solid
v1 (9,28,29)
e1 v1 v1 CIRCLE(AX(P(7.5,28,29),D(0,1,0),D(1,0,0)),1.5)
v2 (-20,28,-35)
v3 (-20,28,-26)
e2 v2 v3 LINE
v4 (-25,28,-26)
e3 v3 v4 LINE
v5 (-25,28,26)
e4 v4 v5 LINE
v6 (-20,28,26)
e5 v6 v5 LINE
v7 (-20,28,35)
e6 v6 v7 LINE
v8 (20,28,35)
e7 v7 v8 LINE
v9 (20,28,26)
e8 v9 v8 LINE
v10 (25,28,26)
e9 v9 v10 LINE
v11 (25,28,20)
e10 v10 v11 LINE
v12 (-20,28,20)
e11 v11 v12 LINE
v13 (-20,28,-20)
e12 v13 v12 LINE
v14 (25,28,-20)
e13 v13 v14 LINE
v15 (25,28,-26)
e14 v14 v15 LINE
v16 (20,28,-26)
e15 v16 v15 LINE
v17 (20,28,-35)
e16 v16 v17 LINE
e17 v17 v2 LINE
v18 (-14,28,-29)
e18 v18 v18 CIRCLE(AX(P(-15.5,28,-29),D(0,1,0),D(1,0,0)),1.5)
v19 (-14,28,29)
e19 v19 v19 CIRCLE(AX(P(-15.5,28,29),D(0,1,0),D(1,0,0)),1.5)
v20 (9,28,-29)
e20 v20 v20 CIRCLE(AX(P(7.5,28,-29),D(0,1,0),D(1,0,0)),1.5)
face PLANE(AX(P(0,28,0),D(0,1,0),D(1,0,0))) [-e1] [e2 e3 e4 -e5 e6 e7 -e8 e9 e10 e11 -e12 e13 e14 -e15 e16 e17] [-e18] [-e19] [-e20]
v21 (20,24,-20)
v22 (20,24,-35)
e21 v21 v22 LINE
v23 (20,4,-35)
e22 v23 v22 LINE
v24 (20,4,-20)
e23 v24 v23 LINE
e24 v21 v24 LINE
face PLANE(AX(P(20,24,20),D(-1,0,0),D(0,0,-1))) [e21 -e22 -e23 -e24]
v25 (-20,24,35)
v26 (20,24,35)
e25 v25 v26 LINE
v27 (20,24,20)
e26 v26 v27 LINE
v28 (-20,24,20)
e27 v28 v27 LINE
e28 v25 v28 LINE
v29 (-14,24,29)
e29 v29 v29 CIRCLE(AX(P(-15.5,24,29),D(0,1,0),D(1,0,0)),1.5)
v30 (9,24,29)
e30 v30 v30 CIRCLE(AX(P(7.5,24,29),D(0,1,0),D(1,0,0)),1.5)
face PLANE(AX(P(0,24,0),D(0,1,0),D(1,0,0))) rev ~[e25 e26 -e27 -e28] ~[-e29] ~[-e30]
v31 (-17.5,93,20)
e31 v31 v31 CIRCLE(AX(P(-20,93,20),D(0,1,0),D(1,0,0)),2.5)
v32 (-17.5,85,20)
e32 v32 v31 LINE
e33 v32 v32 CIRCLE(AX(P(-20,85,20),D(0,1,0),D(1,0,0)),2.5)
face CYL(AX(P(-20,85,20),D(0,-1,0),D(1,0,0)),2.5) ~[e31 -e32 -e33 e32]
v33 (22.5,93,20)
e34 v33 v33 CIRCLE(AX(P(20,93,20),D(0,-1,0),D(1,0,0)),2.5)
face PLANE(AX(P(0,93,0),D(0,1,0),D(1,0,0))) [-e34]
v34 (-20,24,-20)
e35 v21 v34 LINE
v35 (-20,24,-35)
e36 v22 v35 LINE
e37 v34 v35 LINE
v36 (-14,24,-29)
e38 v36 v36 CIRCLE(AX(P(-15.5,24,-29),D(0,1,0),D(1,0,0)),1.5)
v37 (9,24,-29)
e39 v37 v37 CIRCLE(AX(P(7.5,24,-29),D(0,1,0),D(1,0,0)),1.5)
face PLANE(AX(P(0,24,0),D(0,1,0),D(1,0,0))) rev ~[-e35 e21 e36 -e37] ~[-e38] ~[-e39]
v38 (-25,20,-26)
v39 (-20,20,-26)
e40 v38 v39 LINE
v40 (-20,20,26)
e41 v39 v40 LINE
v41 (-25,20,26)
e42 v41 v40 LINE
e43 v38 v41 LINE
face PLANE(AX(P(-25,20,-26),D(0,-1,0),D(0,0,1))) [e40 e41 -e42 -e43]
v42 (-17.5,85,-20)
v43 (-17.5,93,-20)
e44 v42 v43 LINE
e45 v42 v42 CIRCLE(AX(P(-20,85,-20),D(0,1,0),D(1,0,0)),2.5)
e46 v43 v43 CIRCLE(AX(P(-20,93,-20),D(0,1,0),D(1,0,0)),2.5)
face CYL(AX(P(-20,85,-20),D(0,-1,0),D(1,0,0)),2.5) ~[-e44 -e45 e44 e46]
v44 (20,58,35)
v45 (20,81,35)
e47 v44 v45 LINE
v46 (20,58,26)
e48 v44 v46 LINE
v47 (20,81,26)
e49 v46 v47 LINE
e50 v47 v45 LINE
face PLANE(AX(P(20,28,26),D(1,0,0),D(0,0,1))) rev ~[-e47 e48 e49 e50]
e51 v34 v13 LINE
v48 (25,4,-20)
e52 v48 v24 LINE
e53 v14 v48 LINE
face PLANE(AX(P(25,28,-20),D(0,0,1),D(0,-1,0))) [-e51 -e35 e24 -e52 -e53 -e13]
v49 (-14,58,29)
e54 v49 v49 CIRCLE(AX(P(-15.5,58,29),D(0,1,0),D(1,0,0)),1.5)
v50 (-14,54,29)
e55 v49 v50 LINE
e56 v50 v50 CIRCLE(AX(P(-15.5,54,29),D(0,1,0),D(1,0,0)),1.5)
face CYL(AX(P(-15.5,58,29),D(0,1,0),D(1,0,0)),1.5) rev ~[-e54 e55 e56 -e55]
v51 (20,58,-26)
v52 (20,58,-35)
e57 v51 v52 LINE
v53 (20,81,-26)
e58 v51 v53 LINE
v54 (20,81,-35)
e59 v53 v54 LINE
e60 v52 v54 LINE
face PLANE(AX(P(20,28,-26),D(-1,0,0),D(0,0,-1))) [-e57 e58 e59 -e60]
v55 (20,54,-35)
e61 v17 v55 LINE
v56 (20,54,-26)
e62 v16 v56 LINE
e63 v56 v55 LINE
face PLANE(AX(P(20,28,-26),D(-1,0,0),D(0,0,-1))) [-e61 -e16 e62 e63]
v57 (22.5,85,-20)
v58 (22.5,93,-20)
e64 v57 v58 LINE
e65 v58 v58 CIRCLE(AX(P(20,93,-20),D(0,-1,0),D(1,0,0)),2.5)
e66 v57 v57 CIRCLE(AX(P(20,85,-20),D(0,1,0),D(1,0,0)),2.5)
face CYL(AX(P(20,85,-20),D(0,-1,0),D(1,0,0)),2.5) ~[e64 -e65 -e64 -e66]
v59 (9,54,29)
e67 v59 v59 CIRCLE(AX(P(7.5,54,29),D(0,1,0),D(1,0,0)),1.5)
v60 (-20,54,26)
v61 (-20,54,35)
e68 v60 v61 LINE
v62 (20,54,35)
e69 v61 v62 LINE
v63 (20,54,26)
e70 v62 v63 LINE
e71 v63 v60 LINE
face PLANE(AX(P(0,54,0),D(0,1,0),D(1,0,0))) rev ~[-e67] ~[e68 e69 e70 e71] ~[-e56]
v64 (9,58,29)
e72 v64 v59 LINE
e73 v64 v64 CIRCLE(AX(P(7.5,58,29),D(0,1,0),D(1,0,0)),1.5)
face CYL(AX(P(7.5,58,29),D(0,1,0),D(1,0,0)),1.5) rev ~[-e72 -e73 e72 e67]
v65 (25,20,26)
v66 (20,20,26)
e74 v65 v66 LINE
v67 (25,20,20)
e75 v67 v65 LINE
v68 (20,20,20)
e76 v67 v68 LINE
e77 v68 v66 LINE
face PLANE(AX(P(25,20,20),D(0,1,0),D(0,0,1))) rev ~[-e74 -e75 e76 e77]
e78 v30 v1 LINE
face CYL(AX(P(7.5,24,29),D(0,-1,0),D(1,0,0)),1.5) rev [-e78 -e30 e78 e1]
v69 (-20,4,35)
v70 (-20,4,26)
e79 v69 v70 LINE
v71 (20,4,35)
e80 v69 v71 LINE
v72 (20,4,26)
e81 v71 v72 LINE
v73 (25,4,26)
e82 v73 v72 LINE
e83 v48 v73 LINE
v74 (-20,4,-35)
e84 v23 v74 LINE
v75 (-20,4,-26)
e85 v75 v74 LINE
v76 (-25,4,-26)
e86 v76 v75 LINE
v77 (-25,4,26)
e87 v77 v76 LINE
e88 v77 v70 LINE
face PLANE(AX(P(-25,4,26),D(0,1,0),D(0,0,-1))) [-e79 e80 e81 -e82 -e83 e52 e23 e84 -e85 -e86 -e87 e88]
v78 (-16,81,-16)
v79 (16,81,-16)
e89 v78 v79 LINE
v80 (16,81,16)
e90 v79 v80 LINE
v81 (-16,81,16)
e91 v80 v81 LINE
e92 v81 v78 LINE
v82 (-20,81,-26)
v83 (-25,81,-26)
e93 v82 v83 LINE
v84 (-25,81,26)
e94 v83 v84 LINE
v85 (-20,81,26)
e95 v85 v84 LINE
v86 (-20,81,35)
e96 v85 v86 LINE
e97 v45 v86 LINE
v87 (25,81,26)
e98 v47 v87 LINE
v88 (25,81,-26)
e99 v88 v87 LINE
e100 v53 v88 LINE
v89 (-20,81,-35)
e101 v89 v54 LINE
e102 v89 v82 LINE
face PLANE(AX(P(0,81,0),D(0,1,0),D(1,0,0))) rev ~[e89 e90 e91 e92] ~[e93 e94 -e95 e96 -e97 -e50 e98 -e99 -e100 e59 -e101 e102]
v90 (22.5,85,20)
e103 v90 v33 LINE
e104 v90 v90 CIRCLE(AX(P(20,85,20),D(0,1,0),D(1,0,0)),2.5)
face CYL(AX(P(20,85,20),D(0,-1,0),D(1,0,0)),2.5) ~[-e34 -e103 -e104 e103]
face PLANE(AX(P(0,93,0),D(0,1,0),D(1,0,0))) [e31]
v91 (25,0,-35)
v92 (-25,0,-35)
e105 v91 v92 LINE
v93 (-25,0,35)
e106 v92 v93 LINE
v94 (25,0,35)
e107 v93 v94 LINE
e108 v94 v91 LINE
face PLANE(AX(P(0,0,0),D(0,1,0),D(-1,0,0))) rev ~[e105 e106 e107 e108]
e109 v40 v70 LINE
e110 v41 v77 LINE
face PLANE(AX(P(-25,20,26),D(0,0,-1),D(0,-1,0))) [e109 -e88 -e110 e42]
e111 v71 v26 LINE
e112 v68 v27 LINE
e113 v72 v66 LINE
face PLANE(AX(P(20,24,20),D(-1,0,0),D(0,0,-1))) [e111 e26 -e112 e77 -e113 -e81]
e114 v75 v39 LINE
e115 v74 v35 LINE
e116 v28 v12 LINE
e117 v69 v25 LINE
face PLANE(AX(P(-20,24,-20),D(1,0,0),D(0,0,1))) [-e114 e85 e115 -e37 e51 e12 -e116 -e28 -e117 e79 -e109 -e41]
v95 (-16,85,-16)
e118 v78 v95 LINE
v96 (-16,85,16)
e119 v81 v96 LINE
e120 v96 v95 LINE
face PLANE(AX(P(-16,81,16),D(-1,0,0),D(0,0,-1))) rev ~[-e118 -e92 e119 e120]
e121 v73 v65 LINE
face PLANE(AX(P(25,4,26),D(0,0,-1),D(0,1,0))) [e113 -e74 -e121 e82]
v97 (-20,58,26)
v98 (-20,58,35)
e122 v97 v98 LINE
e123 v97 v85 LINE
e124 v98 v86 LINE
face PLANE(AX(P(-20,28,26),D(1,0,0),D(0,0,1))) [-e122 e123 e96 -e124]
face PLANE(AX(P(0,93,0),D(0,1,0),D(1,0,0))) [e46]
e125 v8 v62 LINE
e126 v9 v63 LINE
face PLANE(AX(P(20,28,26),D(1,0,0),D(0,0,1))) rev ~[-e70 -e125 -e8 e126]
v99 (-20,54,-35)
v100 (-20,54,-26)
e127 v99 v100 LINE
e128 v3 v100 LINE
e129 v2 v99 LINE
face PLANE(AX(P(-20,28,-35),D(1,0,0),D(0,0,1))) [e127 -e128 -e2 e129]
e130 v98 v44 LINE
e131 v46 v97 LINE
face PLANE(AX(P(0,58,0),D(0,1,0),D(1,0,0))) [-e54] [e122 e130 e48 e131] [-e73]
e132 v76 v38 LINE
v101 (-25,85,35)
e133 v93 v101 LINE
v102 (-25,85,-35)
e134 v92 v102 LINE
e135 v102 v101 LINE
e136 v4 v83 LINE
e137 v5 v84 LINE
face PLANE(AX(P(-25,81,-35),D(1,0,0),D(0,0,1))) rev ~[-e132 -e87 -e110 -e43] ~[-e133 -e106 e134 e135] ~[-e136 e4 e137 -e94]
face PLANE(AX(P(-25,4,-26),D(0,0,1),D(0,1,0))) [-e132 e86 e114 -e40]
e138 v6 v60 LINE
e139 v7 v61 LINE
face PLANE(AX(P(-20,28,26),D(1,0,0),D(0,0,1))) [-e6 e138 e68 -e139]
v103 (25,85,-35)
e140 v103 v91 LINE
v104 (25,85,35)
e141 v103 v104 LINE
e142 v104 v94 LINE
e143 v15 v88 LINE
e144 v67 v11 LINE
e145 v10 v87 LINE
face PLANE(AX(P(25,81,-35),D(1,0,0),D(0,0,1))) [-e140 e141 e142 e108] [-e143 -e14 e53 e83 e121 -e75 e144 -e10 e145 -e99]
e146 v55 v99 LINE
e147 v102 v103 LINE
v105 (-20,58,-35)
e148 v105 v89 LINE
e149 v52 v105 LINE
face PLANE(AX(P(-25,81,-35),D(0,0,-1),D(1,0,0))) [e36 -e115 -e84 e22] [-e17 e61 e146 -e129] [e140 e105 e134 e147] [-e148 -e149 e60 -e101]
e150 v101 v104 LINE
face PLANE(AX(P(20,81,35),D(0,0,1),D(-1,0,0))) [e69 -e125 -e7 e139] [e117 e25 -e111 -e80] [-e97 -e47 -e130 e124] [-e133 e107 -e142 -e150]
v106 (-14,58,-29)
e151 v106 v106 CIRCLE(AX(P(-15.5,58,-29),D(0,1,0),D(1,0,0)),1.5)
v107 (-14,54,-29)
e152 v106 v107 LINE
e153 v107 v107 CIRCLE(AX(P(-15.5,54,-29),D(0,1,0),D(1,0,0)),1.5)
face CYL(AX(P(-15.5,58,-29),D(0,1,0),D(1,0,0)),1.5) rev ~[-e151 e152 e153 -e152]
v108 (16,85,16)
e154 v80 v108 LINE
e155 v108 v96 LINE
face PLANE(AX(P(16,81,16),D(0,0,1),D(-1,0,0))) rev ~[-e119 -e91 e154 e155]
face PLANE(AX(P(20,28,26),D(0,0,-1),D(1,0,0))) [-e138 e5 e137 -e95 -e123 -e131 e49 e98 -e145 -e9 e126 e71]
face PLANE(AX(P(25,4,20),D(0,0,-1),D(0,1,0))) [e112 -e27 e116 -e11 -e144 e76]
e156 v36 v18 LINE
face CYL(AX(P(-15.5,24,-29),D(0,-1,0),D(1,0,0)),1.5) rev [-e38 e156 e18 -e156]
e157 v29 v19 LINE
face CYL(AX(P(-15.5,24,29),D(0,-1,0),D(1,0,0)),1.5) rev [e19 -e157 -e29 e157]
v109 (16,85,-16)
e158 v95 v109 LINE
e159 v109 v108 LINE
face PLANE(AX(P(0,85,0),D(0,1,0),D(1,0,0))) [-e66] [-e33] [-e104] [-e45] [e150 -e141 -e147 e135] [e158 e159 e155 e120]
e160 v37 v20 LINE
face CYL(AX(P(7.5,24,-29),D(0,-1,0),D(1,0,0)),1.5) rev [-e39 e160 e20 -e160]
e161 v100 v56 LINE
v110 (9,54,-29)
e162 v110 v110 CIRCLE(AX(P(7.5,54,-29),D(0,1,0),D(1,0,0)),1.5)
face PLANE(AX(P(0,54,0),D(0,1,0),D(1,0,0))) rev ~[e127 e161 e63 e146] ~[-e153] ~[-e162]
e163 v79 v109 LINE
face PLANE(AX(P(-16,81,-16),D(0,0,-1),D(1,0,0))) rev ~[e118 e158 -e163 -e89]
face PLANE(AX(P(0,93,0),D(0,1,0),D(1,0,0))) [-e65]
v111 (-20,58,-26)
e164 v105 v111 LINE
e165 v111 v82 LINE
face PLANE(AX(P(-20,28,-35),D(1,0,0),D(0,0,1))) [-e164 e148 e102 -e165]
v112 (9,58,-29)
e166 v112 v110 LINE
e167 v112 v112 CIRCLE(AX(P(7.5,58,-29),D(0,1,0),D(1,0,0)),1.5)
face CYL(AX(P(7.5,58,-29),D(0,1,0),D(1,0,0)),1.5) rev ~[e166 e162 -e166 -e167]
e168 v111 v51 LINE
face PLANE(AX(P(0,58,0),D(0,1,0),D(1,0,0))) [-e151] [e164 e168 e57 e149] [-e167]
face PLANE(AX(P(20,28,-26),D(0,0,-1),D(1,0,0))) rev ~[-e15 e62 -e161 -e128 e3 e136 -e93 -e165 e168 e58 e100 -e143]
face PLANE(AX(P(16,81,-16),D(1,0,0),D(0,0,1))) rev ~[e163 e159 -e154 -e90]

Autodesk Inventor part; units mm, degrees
ref_plane "YZ Plane" through (0, 0, 0) normal (1, 0, 0) x (0, 1, 0)
ref_plane "XZ Plane" through (0, 0, 0) normal (0, 1, 0) x (-1, 0, 0)
sketch "Sketch1" plane through (0, 0, 0) normal (0, 1, 0) x (-1, 0, 0)
  line L0 (25, 35) -> (-25, 35)
  line L1 (-25, 35) -> (-25, -35)
  line L2 (-25, -35) -> (25, -35)
  line L3 (25, -35) -> (25, 35)
  line L4 (25, 35) -> (-25, -35) construction
  line L5 (-25, 35) -> (25, -35) construction
  point P0 (0, 0)
  dimension "d0" = 50
  dimension "d1" = 70
extrude "Extrusion1" add sketch "Sketch1" along normal blind 4
sketch "Sketch2" plane through (0, 4, 0) normal (0, 1, 0) x (1, 0, 0)
  line L0 (25, -35) -> (25, 35) projected
  line L1 (25, 35) -> (-25, 35) projected
  line L2 (25, -35) -> (20, -35)
  line L3 (20, -35) -> (20, 35)
  line L4 (20, 35) -> (25, 35)
  line L5 (25, 35) -> (25, -35)
  line L6 (-25, 35) -> (-25, -35) projected
  line L7 (-25, -35) -> (-20, -35)
  line L8 (-20, -35) -> (-20, 35)
  line L9 (-20, 35) -> (-25, 35)
  line L10 (-25, 35) -> (-25, -35)
  point P0 (0, 0)
  dimension "d4" = 5
  dimension "d5" = 5
  dimension "d6" = 70
extrude "Extrusion2" add sketch "Sketch2" along normal blind 20
sketch "Sketch3" plane through (0, 24, 0) normal (0, 1, 0) x (1, 0, 0)
  line L0 (-25, -35) -> (25, -35) projected
  line L1 (25, -35) -> (25, 35) projected
  line L2 (-25, -35) -> (25, -35)
  line L3 (25, -35) -> (25, 35)
  line L4 (25, 35) -> (-25, 35)
  line L5 (-25, 35) -> (-25, -35)
  line L6 (-20, -20) -> (20, -20)
  line L7 (20, -20) -> (20, 20)
  line L8 (20, 20) -> (-20, 20)
  line L9 (-20, 20) -> (-20, -20)
  line L10 (-20, -20) -> (20, 20) construction
  line L11 (20, -20) -> (-20, 20) construction
  line L12 (-15.5, -29) -> (7.5, -29) construction
  line L13 (7.5, -29) -> (7.5, 29) construction
  line L14 (7.5, 29) -> (-15.5, 29) construction
  line L15 (-15.5, 29) -> (-15.5, -29) construction
  circle A0 centre (-15.5, -29) radius 1.5
  circle A1 centre (-15.5, 29) radius 1.5
  circle A2 centre (7.5, 29) radius 1.5
  circle A3 centre (7.5, -29) radius 1.5
  point P0 (0, 0)
  dimension "d9" = 40
  dimension "d10" = 40
  dimension "d13" = 23
  dimension "d14" = 58
  dimension "d15" = 6
  dimension "d16" = 4.5
  dimension "d17" = 3
  dimension "d18" = 3
  dimension "d19" = 3
  dimension "d20" = 3
extrude "Extrusion3" add sketch "Sketch3" along normal blind 4
sketch "Sketch4" plane through (-25, 0, -35) normal (-1, 0, 0) x (0, 0, 1)
  line L0 (9, 20) -> (61, 20)
  line L1 (61, 20) -> (61, 4)
  line L2 (61, 4) -> (9, 4)
  line L3 (9, 4) -> (9, 20)
  line L4 (0, 28) -> (70, 28) projected
  line L5 (0, 0) -> (0, 28) projected
  point P0 (35, 0)
  dimension "d21" = 52
  dimension "d22" = 16
  dimension "d23" = 8
  dimension "d24" = 9
extrude "Extrusion4" cut sketch "Sketch4" against normal blind 5
sketch "Sketch5" plane through (0, 28, 0) normal (0, 1, 0) x (1, 0, 0)
  line L0 (25, 35) -> (-25, 35) projected
  line L1 (-20, 35) -> (-20, 26) projected
  line L2 (-25, 35) -> (-20, 35)
  line L3 (-20, 35) -> (-20, 26)
  line L4 (-20, 26) -> (-25, 26)
  line L5 (-25, 26) -> (-25, 35)
  line L6 (-25, -35) -> (25, -35) projected
  line L7 (20, -20) -> (20, -35) projected
  line L8 (25, -35) -> (20, -35)
  line L9 (20, -35) -> (20, -26)
  line L10 (20, -26) -> (25, -26)
  line L11 (25, -26) -> (25, -35)
  line L12 (-25, 35) -> (-25, -35) projected
  line L13 (-20, -26) -> (-20, -35) projected
  line L14 (-25, -35) -> (-20, -35)
  line L15 (-20, -35) -> (-20, -26)
  line L16 (-20, -26) -> (-25, -26)
  line L17 (-25, -26) -> (-25, -35)
  line L18 (20, -35) -> (20, 35) projected
  line L19 (25, 35) -> (20, 35)
  line L20 (20, 35) -> (20, 26)
  line L21 (20, 26) -> (25, 26)
  line L22 (25, 26) -> (25, 35)
  point P0 (0, 0)
  dimension "d27" = 9
  dimension "d28" = 9
extrude "Extrusion5" add sketch "Sketch5" along normal blind 53 contours L22 L21 L18 L0 | L1 L4 L5 L0 | L10 L11 L6 L7 | L16 L13 L6 L12
sketch "Sketch6" plane through (0, 81, 0) normal (0, 1, 0) x (1, 0, 0)
  line L0 (-25, 35) -> (-25, -35) projected
  line L1 (20, -35) -> (25, -35) projected
  line L2 (-25, 35) -> (25, 35)
  line L3 (25, 35) -> (25, -35)
  line L4 (25, -35) -> (-25, -35)
  line L5 (-25, -35) -> (-25, 35)
  line L6 (-10, -10) -> (10, -10) construction
  line L7 (10, -10) -> (10, 10) construction
  line L8 (10, 10) -> (-10, 10) construction
  line L9 (-10, 10) -> (-10, -10) construction
  line L10 (-10, -10) -> (10, 10) construction
  line L11 (10, -10) -> (-10, 10) construction
  line L12 (-25, 25) -> (25, 25) construction
  line L13 (25, 25) -> (25, -25) construction
  line L14 (25, -25) -> (-25, -25) construction
  line L15 (-25, -25) -> (-25, 25) construction
  line L16 (-25, 25) -> (25, -25) construction
  line L17 (25, 25) -> (-25, -25) construction
  line L18 (20, 20) -> (20, -20) construction
  line L19 (-20, 20) -> (20, 20) construction
  line L20 (20, 20) -> (20, -20) construction
  line L21 (20, -20) -> (-20, -20) construction
  line L22 (-20, -20) -> (-20, 20) construction
  line L23 (-20, 20) -> (20, -20) construction
  line L24 (20, 20) -> (-20, -20) construction
  line L25 (-16, 16) -> (16, 16)
  line L26 (16, 16) -> (16, -16)
  line L27 (16, -16) -> (-16, -16)
  line L28 (-16, -16) -> (-16, 16)
  line L29 (-16, 16) -> (16, -16) construction
  line L30 (16, 16) -> (-16, -16) construction
  point P0 (0, 0)
  dimension "d31" = 20
  dimension "d32" = 20
  dimension "d33" = 50
  dimension "d34" = 50
  dimension "d35" = 40
  dimension "d36" = 40
  dimension "d37" = 32
  dimension "d38" = 32
extrude "Extrusion6" add sketch "Sketch6" along normal blind 4
sketch "Sketch7" plane through (0, 85, 0) normal (0, 1, 0) x (1, 0, 0)
  line L0 (20, 20) -> (20, -20) construction
  line L1 (-20, 20) -> (20, 20) construction
  line L2 (20, 20) -> (20, -20) construction
  line L3 (20, -20) -> (-20, -20) construction
  line L4 (-20, -20) -> (-20, 20) construction
  line L5 (-20, 20) -> (20, -20) construction
  line L6 (20, 20) -> (-20, -20) construction
  circle A0 centre (-20, 20) radius 2.5
  line L7 (-20, 20) -> (20, 20) projected
  circle A1 centre (20, 20) radius 2.5
  circle A2 centre (20, -20) radius 2.5
  line L8 (20, -20) -> (-20, -20) projected
  circle A3 centre (-20, -20) radius 2.5
  point P0 (0, 0)
  dimension "d41" = 40
  dimension "d42" = 40
  dimension "d43" = 5
  dimension "d44" = 5
  dimension "d45" = 5
  dimension "d46" = 5
extrude "Extrusion7" add sketch "Sketch7" along normal blind 8
sketch "Sketch8" plane through (25, 0, 35) normal (1, 0, 0) x (0, 0, -1)
  line L0 (15, 28) -> (55, 28) projected
  line L1 (9, 4) -> (61, 4) projected
  line L2 (15, 28) -> (55, 28)
  line L3 (55, 28) -> (55, 4)
  line L4 (55, 4) -> (15, 4)
  line L5 (15, 4) -> (15, 28)
  point P0 (15, 4)
  dimension "d53" = 40
extrude "Extrusion8" cut sketch "Sketch8" against normal blind 5
ref_plane "Work Plane1" through (0, 58, 0) normal (0, 1, 0) x (1, 0, 0)
sketch "Sketch9" plane through (0, 58, 0) normal (0, 1, 0) x (1, 0, 0)
  line L0 (-20, -26) -> (-20, -35) projected
  line L1 (20, -35) -> (20, -26) projected
  line L2 (-20, -35) -> (20, -35)
  line L3 (20, -35) -> (20, -26)
  line L4 (20, -26) -> (-20, -26)
  line L5 (-20, -26) -> (-20, -35)
  line L6 (-25, 26) -> (-20, 26) projected
  line L7 (25, 35) -> (-25, 35) projected
  line L8 (-20, 26) -> (20, 26)
  line L9 (20, 26) -> (20, 35)
  line L10 (20, 35) -> (-20, 35)
  line L11 (-20, 35) -> (-20, 26)
  circle A0 centre (-15.5, -29) radius 1.5 projected
  circle A1 centre (-15.5, -29) radius 1.25
  circle A2 centre (7.5, -29) radius 1.5 projected
  circle A3 centre (7.5, -29) radius 1.25
  circle A4 centre (-15.5, 29) radius 1.5 projected
  circle A5 centre (-15.5, 29) radius 1.25
  circle A6 centre (7.5, 29) radius 1.5 projected
  circle A7 centre (7.5, 29) radius 1.25
  point P0 (0, 0)
  point P1 (-20, 35)
extrude "Extrusion9" add sketch "Sketch9" against normal blind 4 contours L4 L1 L2 L0 | L9 L8 L11 L7
sketch "Sketch10" plane through (25, 0, 35) normal (1, 0, 0) x (0, 0, -1)
  line L0 (61, 20) -> (9, 20) projected
  line L1 (15, 4) -> (15, 28) projected
  line L2 (9, 20) -> (15, 20)
  line L3 (15, 20) -> (15, 4)
  line L4 (15, 4) -> (9, 4)
  line L5 (9, 4) -> (9, 20)
  point P0 (35, 0)
  point P1 (15, 20)
extrude "Extrusion10" cut sketch "Sketch10" against normal blind 5
properties part number "support"
